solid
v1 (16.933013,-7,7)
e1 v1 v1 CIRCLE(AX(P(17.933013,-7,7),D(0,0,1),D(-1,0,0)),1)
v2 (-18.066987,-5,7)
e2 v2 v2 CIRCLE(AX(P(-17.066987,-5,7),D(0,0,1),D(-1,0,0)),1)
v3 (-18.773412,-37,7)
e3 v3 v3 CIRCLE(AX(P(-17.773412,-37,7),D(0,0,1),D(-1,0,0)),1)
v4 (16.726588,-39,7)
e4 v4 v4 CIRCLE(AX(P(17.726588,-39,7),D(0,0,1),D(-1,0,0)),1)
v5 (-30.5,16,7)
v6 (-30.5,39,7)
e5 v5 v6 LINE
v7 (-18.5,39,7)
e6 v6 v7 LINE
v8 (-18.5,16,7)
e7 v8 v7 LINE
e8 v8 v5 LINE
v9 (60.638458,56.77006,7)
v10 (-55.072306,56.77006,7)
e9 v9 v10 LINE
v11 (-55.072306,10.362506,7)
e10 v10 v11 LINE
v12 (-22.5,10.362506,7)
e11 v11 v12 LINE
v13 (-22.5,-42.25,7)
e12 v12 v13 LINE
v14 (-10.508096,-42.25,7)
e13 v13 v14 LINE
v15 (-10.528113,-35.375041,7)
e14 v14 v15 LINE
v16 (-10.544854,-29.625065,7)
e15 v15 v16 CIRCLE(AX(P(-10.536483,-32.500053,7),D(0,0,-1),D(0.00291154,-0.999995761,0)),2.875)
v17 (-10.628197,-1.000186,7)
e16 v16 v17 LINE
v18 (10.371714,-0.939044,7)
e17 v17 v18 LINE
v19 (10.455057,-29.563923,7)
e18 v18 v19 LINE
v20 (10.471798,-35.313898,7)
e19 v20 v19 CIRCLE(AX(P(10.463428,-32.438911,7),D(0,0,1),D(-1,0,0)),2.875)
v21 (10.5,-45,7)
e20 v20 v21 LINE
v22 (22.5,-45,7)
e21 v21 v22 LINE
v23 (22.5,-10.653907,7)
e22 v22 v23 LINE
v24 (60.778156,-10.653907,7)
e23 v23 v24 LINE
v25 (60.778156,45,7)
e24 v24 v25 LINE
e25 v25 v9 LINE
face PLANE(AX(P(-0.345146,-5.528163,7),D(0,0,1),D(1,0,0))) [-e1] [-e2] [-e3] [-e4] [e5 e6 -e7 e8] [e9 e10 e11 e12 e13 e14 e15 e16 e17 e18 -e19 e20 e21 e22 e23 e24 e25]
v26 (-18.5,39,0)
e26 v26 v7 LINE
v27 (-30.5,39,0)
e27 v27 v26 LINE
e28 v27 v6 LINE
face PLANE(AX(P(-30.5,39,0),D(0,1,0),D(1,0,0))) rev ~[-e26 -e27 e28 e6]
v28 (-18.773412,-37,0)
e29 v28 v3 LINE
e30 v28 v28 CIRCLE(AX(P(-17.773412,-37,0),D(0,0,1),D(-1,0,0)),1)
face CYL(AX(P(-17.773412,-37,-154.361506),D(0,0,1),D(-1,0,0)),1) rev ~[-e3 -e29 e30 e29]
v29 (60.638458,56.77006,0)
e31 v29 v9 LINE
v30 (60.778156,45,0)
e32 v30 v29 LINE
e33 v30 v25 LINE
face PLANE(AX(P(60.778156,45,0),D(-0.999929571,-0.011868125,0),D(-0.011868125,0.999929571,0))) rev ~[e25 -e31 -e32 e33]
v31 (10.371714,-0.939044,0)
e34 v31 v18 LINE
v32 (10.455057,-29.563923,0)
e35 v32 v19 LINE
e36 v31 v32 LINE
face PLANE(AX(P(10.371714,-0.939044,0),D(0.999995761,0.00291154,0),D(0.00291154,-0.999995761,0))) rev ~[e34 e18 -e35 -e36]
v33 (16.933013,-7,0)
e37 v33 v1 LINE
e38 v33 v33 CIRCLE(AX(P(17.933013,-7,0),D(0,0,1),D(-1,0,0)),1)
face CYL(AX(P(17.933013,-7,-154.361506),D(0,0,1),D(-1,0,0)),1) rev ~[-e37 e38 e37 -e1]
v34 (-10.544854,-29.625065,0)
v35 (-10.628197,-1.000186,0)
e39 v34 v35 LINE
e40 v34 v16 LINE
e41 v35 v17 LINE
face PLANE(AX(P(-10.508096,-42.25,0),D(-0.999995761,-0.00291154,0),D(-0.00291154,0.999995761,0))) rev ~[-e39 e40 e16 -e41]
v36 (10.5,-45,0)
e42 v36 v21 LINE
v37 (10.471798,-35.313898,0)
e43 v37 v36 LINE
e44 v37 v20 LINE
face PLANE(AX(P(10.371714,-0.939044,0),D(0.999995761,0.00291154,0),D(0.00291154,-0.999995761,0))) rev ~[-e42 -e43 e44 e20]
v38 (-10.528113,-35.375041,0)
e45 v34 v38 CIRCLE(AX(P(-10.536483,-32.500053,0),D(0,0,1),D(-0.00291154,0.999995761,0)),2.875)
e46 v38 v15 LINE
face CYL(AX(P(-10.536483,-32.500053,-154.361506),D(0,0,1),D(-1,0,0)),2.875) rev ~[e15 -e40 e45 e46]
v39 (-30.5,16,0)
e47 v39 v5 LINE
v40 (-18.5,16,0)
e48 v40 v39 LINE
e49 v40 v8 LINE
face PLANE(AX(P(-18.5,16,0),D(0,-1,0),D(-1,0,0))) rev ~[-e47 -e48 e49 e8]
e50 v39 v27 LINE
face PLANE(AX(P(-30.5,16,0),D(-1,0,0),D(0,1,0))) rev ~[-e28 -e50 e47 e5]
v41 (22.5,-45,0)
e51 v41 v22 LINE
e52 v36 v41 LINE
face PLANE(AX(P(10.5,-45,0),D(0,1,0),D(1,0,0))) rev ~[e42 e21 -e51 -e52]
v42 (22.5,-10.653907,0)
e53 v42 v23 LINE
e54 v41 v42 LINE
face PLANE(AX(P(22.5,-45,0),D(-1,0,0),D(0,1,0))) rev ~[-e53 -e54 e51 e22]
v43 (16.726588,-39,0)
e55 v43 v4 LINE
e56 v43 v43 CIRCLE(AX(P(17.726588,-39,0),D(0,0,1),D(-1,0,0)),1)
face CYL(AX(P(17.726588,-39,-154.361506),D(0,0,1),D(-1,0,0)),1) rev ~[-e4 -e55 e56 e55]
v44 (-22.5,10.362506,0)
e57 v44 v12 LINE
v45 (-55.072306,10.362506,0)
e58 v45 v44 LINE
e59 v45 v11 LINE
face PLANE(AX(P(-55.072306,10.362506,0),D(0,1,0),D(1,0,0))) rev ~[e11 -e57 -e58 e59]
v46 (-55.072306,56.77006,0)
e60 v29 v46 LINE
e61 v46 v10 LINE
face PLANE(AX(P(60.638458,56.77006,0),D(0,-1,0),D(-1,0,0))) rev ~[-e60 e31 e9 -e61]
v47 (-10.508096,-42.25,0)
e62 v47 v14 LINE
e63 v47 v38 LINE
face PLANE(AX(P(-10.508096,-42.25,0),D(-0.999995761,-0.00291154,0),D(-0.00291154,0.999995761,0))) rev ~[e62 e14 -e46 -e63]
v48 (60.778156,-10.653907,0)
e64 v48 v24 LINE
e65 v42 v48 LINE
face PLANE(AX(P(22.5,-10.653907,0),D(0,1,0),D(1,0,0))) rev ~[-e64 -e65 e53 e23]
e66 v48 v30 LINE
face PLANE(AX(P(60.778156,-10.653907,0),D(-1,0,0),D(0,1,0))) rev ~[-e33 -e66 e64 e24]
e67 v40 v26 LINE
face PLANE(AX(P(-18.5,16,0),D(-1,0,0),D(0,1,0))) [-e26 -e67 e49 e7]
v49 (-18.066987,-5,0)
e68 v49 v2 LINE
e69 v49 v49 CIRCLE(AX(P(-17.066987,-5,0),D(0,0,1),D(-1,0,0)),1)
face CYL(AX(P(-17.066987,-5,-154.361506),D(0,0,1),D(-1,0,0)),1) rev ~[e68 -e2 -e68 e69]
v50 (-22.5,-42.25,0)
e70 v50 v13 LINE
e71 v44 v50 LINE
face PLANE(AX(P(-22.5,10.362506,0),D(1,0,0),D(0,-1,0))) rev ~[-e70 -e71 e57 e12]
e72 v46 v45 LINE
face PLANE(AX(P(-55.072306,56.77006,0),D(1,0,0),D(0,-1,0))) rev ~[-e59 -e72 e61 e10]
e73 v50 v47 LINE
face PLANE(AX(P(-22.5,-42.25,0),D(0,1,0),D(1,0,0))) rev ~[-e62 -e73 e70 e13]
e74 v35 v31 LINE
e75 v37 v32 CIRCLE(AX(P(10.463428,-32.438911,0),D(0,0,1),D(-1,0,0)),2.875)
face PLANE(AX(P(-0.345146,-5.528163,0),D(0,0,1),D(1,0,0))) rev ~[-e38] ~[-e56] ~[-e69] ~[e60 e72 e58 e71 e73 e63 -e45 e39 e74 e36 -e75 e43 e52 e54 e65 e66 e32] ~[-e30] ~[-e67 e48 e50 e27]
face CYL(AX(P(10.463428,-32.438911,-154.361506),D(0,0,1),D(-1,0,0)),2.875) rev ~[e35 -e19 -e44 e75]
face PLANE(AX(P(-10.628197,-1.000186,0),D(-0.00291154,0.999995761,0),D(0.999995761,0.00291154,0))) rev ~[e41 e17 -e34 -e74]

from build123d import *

# Parameters (mm, degrees)
F0_W     = 8
F0_H     = 6
F0_H_2   = 5.6374937892
F0_W_2   = 4
F0_H_3   = 23
F1_DEPTH = 7
F2_D     = 2
F3_D     = 5.75


with BuildPart() as f1:
    # F0 (on Top) → F1 (new body)
    with BuildSketch(Plane.XY):
        Polygon((10.5, -45), (22.5, -45), (22.5, -10.6539065018), (22.5, 17.153987661), (0, 45), (-14.5, 45), (-14.5, 39), (-14.5, 16), (-14.5, 10.3625062108), (-22.5, 10.3625062108), (-22.5, -42.25), (-10.5080957781, -42.25), (-10.6281967604, -1.0001864958), (10.3717142302, -0.9390441602), align=None)
        Polygon((0, 45), (22.5, 17.153987661), (22.5, 45), align=None)
        Polygon((-30.5, 39), (-30.5, 45), (-55.0723059862, 45), (-55.0723059862, 10.3625062108), (-30.5, 10.3625062108), (-30.5, 16), align=None)
        with Locations((-26.5, 42)):
            Rectangle(F0_W, F0_H)
        Polygon((-14.5, 39), (-14.5, 45), (-22.5, 45), (-22.5, 39), (-18.5, 39), align=None)
        Polygon((-22.5, 16), (-22.5, 10.3625062108), (-14.5, 10.3625062108), (-14.5, 16), (-18.5, 16), align=None)
        with Locations((-26.5, 13.1812531054)):
            Rectangle(F0_W, F0_H_2)
        Polygon((22.5, 17.153987661), (22.5, -10.6539065018), (60.7781559229, -10.6539065018), (60.7781559229, 45), (22.5, 45), align=None)
        Polygon((0, 45), (22.5, 45), (60.7781559229, 45), (60.6384575367, 56.7700602114), (-55.0723059862, 56.7700602114), (-55.0723059862, 45), (-30.5, 45), (-22.5, 45), (-14.5, 45), align=None)
        with Locations((-16.5, 27.5)):
            Rectangle(F0_W_2, F0_H_3)
    extrude(amount=F1_DEPTH)

    # F2 (through all)
    with Locations(Plane(origin=(0, 0, 0), x_dir=(1, 0, 0), z_dir=(0, 0, -1))):
        with Locations((-17.0669870824, 5), (-17.7734121563, 37), (17.7265878437, 39), (17.9330129176, 7)):
            Hole(F2_D / 2)

    # F3 (through all)
    with Locations(Plane(origin=(0, 0, 0), x_dir=(1, 0, 0), z_dir=(0, 0, -1))):
        with Locations((-10.5364832571, 32.5000529818), (10.4634277335, 32.4389106462)):
            Hole(F3_D / 2)


solid = f1.part
